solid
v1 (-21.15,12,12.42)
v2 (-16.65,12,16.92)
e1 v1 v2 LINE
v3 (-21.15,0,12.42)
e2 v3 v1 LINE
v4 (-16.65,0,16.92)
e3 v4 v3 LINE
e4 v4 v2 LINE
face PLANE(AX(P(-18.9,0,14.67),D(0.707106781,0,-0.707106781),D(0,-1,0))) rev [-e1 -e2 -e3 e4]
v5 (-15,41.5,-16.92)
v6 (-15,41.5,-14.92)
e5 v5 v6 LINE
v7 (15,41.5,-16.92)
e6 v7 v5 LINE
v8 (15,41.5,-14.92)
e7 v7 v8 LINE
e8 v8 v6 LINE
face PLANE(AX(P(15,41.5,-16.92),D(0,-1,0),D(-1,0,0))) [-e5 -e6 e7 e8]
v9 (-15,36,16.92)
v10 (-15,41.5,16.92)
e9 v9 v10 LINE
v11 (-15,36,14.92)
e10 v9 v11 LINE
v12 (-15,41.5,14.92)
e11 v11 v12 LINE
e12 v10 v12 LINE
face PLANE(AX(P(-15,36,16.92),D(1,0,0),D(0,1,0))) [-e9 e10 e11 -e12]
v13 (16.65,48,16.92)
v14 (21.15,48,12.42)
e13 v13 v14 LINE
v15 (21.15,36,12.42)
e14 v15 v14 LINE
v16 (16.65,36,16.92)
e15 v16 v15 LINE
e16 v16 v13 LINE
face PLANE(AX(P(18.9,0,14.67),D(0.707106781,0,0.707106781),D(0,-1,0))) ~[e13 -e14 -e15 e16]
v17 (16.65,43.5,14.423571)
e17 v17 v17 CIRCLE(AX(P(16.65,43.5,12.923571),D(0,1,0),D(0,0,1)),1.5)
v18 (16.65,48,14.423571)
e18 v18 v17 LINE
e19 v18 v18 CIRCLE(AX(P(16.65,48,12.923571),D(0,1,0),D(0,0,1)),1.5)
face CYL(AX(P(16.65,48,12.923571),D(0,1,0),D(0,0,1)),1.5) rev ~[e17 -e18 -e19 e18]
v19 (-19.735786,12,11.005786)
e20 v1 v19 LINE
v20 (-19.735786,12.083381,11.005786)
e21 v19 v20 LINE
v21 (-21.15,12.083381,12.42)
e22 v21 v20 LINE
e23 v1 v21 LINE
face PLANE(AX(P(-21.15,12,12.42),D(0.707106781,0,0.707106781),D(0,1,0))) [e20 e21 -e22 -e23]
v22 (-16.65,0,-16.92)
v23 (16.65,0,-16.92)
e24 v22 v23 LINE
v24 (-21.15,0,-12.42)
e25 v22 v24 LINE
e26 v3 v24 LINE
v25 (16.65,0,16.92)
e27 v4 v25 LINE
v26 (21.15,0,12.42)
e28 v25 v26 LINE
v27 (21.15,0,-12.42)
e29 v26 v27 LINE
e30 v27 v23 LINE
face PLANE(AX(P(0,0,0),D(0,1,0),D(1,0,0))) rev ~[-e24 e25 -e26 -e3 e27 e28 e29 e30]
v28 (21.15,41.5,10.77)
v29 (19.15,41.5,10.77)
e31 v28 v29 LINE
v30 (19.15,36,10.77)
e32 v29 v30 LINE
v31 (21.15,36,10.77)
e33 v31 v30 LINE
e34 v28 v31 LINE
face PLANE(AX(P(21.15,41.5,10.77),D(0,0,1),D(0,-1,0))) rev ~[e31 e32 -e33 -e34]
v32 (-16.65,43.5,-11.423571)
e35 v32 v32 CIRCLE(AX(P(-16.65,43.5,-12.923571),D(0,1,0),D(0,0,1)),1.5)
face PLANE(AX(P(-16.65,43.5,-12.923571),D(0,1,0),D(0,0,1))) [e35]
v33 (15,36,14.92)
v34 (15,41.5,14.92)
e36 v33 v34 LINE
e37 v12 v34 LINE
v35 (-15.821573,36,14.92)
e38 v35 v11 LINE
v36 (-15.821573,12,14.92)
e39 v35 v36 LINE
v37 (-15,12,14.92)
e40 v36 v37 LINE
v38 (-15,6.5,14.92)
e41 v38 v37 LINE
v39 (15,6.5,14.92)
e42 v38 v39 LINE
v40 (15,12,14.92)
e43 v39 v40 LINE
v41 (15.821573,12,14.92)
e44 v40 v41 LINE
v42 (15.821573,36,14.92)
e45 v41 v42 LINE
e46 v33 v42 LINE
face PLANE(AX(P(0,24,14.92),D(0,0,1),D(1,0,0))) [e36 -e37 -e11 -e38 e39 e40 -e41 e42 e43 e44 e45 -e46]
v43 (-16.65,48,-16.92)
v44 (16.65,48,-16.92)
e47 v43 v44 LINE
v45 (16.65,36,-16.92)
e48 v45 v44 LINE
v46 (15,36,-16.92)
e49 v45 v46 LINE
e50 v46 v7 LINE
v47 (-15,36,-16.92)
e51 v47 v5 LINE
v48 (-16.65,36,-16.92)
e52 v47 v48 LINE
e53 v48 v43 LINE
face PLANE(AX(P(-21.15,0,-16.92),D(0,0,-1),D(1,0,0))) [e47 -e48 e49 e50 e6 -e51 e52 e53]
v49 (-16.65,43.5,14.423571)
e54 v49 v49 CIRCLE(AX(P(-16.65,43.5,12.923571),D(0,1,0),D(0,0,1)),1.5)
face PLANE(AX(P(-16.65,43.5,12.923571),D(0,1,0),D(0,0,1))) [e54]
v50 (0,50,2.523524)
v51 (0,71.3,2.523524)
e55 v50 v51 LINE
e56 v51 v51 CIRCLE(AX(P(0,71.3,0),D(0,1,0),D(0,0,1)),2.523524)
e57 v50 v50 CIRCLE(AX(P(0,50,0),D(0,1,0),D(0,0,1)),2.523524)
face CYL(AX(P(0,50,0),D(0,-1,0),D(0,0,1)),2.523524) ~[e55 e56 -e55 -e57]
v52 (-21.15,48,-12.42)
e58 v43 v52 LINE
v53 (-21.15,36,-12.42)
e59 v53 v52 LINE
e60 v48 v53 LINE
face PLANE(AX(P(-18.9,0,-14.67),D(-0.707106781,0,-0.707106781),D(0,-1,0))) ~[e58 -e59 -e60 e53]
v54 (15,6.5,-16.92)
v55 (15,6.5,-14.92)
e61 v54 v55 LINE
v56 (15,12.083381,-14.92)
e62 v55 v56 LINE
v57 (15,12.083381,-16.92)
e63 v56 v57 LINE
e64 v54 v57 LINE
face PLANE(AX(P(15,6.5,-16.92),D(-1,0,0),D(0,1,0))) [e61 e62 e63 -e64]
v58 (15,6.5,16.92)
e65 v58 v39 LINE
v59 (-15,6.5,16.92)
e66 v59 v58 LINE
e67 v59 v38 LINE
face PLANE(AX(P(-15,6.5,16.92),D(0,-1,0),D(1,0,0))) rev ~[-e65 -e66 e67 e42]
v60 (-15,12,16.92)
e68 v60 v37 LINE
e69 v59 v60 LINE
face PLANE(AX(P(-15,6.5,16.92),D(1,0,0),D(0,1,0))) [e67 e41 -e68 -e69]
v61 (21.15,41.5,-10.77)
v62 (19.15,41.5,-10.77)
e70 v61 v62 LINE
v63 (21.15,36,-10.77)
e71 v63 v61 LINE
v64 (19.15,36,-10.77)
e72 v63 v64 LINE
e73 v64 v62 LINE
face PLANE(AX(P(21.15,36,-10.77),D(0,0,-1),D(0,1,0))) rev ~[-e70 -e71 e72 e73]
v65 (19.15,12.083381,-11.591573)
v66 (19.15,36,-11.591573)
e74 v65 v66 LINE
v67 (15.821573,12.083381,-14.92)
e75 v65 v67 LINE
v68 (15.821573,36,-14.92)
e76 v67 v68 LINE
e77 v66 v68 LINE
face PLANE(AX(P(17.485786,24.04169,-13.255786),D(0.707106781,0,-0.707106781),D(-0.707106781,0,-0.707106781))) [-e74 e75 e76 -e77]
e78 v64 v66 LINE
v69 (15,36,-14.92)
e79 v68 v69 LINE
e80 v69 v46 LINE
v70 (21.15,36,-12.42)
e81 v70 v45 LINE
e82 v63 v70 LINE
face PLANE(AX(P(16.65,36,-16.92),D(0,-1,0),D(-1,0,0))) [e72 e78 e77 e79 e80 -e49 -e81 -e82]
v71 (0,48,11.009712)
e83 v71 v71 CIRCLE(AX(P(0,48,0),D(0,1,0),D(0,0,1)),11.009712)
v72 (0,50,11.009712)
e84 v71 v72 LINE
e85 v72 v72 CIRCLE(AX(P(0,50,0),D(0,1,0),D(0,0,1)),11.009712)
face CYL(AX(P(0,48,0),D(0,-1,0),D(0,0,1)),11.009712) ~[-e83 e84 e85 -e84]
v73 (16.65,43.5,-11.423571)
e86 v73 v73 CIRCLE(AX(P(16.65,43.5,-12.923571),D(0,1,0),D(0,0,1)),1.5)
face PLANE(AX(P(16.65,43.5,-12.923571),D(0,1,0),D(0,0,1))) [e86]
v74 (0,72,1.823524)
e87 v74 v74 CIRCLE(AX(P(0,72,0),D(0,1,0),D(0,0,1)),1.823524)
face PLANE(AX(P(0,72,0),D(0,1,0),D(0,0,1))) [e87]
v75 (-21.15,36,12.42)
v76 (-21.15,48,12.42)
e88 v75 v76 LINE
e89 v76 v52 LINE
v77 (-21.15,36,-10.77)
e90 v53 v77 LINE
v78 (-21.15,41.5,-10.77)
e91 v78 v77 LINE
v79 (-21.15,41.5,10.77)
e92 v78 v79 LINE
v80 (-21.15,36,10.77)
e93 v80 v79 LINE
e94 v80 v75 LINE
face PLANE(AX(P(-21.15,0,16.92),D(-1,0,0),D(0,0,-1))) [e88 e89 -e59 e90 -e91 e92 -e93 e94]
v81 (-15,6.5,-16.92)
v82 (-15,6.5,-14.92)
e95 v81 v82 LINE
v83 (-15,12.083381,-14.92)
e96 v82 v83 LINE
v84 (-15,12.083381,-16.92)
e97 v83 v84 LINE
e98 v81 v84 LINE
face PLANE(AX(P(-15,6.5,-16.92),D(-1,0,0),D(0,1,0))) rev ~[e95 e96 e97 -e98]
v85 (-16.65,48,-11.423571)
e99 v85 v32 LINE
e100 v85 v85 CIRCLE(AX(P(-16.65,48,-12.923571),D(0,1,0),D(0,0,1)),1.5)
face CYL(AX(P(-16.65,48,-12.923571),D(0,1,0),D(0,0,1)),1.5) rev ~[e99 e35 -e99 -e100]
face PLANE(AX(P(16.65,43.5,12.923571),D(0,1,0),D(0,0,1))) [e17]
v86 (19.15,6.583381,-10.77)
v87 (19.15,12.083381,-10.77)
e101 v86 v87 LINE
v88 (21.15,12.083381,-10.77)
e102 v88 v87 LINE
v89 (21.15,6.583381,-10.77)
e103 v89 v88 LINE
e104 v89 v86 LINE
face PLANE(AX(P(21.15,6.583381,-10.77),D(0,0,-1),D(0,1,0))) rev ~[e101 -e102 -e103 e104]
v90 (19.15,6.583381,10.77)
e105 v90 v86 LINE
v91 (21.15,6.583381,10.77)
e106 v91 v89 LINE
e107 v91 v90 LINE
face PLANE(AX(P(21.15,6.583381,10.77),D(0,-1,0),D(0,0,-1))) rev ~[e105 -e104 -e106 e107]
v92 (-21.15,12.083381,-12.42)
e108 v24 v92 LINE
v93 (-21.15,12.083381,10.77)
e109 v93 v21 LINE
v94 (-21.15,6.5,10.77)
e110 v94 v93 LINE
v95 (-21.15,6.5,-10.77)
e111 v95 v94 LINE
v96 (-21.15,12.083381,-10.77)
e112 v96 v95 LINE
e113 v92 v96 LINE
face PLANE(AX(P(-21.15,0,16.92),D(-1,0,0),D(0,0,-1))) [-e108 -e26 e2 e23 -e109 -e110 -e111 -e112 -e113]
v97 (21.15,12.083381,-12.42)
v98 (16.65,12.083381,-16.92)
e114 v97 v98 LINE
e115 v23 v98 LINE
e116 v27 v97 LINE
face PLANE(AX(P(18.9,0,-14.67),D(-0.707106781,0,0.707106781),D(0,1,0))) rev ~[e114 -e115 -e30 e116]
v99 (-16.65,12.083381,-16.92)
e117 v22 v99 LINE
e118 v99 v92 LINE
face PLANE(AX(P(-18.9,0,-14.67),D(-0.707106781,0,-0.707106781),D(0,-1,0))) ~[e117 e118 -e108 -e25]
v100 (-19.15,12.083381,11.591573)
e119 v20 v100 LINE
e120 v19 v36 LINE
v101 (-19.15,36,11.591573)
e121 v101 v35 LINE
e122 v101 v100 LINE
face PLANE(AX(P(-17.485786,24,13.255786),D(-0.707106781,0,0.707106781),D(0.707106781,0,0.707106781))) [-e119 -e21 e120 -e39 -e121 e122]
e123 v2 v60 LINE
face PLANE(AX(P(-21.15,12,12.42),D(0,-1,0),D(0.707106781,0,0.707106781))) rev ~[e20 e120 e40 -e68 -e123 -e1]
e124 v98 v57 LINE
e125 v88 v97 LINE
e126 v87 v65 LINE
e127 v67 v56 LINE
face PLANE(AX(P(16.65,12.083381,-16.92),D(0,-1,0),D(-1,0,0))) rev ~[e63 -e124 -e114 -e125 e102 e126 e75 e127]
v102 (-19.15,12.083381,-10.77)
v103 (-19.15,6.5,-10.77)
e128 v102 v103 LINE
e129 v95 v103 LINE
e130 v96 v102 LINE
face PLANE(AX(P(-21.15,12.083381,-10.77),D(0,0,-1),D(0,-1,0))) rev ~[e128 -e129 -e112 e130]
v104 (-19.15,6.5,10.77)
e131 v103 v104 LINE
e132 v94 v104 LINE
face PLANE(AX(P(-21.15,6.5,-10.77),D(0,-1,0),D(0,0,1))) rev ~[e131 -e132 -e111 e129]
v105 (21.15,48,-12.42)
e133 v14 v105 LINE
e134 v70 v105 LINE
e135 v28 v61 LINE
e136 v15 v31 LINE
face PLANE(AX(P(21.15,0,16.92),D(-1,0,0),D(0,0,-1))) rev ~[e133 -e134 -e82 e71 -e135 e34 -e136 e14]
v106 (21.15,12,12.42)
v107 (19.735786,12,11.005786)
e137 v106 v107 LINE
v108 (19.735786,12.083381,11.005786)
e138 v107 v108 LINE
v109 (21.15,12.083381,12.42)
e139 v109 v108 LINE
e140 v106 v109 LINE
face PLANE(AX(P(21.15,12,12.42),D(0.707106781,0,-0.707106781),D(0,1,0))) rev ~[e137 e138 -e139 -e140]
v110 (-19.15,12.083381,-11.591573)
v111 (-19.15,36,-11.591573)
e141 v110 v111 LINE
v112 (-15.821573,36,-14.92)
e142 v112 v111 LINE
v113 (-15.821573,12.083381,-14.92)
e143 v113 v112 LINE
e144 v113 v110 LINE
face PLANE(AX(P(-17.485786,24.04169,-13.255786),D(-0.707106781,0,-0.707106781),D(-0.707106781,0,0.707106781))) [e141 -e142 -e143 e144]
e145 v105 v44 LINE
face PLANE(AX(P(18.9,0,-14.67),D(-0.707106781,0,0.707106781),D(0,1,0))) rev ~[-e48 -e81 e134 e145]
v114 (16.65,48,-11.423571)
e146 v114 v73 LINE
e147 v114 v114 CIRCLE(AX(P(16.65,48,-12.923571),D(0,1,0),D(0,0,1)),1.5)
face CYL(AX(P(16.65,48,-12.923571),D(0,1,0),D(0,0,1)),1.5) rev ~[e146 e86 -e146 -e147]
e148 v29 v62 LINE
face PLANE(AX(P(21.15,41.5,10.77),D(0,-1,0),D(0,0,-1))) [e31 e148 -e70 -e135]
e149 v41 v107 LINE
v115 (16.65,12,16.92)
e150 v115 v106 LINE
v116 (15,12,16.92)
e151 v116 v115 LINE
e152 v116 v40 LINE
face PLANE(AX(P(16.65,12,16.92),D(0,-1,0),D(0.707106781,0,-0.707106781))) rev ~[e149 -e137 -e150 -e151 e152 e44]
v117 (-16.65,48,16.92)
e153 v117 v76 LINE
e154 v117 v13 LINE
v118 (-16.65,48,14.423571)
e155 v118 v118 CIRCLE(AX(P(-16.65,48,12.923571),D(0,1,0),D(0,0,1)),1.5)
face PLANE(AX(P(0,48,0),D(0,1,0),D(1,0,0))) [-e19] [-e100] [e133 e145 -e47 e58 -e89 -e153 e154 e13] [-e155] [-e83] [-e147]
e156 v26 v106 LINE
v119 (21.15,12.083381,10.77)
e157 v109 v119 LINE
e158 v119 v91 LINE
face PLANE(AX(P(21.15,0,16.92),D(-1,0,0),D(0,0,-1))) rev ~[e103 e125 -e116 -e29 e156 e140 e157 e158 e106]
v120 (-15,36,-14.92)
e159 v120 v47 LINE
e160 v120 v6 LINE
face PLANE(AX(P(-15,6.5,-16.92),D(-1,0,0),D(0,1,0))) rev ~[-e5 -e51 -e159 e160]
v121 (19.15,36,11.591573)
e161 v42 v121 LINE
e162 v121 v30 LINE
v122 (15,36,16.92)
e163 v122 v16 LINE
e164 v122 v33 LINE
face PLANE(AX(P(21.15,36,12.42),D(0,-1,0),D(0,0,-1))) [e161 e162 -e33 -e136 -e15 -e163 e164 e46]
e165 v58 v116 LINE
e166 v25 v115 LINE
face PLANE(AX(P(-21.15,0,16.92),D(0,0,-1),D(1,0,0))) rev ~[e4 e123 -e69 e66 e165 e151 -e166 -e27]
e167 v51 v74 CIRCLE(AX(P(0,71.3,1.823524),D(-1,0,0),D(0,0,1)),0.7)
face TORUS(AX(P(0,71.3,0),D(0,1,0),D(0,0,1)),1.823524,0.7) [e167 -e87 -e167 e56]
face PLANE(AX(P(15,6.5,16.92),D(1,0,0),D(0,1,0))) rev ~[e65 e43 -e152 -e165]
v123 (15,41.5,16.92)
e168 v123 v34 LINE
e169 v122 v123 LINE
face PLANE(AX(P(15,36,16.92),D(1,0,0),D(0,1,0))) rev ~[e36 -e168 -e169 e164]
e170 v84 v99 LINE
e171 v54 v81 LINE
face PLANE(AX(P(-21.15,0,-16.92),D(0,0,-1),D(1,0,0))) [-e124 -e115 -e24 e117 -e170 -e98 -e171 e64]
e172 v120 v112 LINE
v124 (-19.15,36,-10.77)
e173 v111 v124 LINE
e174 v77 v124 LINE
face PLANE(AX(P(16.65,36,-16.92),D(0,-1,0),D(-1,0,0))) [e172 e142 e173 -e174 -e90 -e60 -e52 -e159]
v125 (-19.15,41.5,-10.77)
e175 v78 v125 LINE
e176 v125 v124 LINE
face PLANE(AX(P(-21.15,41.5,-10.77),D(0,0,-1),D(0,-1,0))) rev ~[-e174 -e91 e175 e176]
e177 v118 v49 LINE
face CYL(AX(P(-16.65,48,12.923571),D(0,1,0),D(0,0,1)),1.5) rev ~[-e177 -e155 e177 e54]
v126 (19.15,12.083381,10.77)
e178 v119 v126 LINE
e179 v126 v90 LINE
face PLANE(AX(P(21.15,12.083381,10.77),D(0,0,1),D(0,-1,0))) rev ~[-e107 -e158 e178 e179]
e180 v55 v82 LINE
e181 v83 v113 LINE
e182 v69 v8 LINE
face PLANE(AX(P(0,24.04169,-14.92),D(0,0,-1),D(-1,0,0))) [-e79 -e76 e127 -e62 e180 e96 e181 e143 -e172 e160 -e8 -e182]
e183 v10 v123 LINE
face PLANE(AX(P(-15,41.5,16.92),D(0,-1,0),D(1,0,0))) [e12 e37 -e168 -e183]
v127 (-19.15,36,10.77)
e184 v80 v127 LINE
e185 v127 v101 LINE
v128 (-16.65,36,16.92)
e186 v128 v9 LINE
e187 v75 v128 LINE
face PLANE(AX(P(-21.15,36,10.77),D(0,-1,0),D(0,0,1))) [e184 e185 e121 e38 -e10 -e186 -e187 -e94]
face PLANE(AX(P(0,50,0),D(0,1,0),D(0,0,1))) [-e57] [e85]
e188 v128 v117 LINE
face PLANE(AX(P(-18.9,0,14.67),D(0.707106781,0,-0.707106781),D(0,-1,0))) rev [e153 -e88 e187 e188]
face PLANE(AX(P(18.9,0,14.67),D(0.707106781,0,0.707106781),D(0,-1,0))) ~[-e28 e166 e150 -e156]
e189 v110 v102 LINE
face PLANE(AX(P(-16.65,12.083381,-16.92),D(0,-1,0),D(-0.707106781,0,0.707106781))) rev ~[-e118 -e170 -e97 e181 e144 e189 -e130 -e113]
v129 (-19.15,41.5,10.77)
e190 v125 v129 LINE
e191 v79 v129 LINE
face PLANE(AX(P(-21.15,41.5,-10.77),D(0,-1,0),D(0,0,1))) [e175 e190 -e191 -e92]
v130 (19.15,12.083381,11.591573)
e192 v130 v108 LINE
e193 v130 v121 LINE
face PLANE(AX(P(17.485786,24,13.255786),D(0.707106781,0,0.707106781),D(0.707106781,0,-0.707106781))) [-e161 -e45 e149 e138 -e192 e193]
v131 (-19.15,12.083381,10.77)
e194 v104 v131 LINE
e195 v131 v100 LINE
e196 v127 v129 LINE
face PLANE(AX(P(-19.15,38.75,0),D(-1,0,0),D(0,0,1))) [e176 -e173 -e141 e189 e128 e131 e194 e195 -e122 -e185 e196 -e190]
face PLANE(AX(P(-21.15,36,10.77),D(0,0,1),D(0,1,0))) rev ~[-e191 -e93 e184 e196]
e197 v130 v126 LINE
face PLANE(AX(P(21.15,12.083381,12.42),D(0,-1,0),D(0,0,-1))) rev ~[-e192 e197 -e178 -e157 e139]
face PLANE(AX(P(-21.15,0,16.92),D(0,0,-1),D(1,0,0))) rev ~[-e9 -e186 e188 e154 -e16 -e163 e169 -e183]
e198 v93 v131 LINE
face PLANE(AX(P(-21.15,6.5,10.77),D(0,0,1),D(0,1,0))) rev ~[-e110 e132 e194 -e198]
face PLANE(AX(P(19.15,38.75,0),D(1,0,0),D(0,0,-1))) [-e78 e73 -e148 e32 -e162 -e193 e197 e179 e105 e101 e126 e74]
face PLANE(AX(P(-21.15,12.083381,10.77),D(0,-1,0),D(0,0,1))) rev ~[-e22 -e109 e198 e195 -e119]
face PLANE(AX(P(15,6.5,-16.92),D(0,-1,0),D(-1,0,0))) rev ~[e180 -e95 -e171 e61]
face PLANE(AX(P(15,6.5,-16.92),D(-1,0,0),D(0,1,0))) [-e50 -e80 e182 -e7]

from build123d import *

# Parameters (mm, degrees)
SKETCH1_W           = 42.3
SKETCH1_H           = 33.84
BOSS_EXTRUDE1_DEPTH = 48
SKETCH2_R           = 11.009712126
BOSS_EXTRUDE2_DEPTH = 2
CHAMFER1_SIZE       = 4.5
CHAMFER2_SIZE       = 4.5
CHAMFER3_SIZE       = 4.5
CHAMFER4_SIZE       = 4.5
SKETCH3_R           = 2.52352428
BOSS_EXTRUDE3_DEPTH = 22
SKETCH4_R           = 1.5
CUT_EXTRUDE1_DEPTH  = 4.5
FILLET4_R           = 0.7
SKETCH5_W           = 30
SKETCH5_H           = 35
SKETCH5_W_2         = 1.65
SKETCH5_H_2         = 24
CUT_EXTRUDE2_DEPTH  = 2
SKETCH6_W           = 6.363961031
SKETCH6_H           = 24
CUT_EXTRUDE4_DEPTH  = 2
SKETCH8_W           = 21.54
SKETCH8_H           = 5.5
SKETCH8_H_2         = 23.916619391
SKETCH8_W_2         = 1.65
CUT_EXTRUDE5_DEPTH  = 2
SKETCH9_W           = 6.363961031
SKETCH9_H           = 23.916619391
CUT_EXTRUDE7_DEPTH  = 2
SKETCH10_W          = 33.3
SKETCH10_H          = 23.916619391
CUT_EXTRUDE8_DEPTH  = 2
SKETCH11_W          = 30
SKETCH11_H          = 35
CUT_EXTRUDE10_DEPTH = 2
SKETCH12_W          = 6.363961031
SKETCH12_H          = 23.916619391
CUT_EXTRUDE11_DEPTH = 2
SKETCH13_W          = 6.363961031
SKETCH13_H          = 24
CUT_EXTRUDE12_DEPTH = 2
SKETCH14_W          = 21.54
SKETCH14_H          = 5.5
SKETCH14_H_2        = 23.916619391
SKETCH14_H_3        = 5.583380609
SKETCH14_W_2        = 1.65
CUT_EXTRUDE13_DEPTH = 2


with BuildPart() as part:
    # Sketch1 → Boss-Extrude1 (new body)
    with BuildSketch(Plane(origin=(0, 0, 0), x_dir=(1, 0, 0), z_dir=(0, 1, 0))):
        Rectangle(SKETCH1_W, SKETCH1_H)
    extrude(amount=BOSS_EXTRUDE1_DEPTH)

    # Sketch2 → Boss-Extrude2 (add)
    with BuildSketch(Plane(origin=(0, 48, 0), x_dir=(1, 0, 0), z_dir=(0, 1, 0))):
        with Locations(Location((0, 0, 0), (0, 0, 270))):
            Circle(SKETCH2_R)
    extrude(amount=BOSS_EXTRUDE2_DEPTH)

    # Chamfer1
    chamfer1_edges = [part.edges().sort_by_distance(p)[0] for p in [
        (21.15, 24, 16.92),
    ]]
    chamfer(chamfer1_edges, length=CHAMFER1_SIZE)

    # Chamfer2
    chamfer2_edges = [part.edges().sort_by_distance(p)[0] for p in [
        (-21.15, 24, 16.92),
    ]]
    chamfer(chamfer2_edges, length=CHAMFER2_SIZE)

    # Chamfer3
    chamfer3_edges = [part.edges().sort_by_distance(p)[0] for p in [
        (21.15, 24, -16.92),
    ]]
    chamfer(chamfer3_edges, length=CHAMFER3_SIZE)

    # Chamfer4
    chamfer4_edges = [part.edges().sort_by_distance(p)[0] for p in [
        (-21.15, 24, -16.92),
    ]]
    chamfer(chamfer4_edges, length=CHAMFER4_SIZE)

    # Sketch3 → Boss-Extrude3 (add)
    with BuildSketch(Plane(origin=(0, 50, 0), x_dir=(1, 0, 0), z_dir=(0, 1, 0))):
        with Locations(Location((0, 0, 0), (0, 0, 270))):
            Circle(SKETCH3_R)
    extrude(amount=BOSS_EXTRUDE3_DEPTH)

    # Sketch4 → Cut-Extrude1 (cut)
    with BuildSketch(Plane(origin=(0, 48, 0), x_dir=(1, 0, 0), z_dir=(0, 1, 0))):
        with Locations(Location((-16.65, -12.923571429, 0), (0, 0, 270))):
            Circle(SKETCH4_R)
        with Locations(Location((-16.65, 12.923571429, 0), (0, 0, 270))):
            Circle(SKETCH4_R)
        with Locations(Location((16.65, 12.923571429, 0), (0, 0, 270))):
            Circle(SKETCH4_R)
        with Locations(Location((16.65, -12.923571429, 0), (0, 0, 270))):
            Circle(SKETCH4_R)
    extrude(amount=-CUT_EXTRUDE1_DEPTH, mode=Mode.SUBTRACT)

    # Fillet4
    fillet4_edges = [part.edges().sort_by_distance(p)[0] for p in [
        (0, 72, -2.52352428),
    ]]
    fillet(fillet4_edges, radius=FILLET4_R)

    # Sketch5 → Cut-Extrude2 (cut)
    with BuildSketch(Plane.XY.offset(16.92)):
        with Locations((0, 24)):
            Rectangle(SKETCH5_W, SKETCH5_H)
        with Locations((15.825, 24)):
            Rectangle(SKETCH5_W_2, SKETCH5_H_2)
        with Locations((-15.825, 24)):
            Rectangle(SKETCH5_W_2, SKETCH5_H_2)
    extrude(amount=-CUT_EXTRUDE2_DEPTH, mode=Mode.SUBTRACT)

    # Sketch6 → Cut-Extrude4 (cut)
    with BuildSketch(Plane(origin=(16.785, 0, 16.785), x_dir=(0.707106781186549, 0, -0.707106781186546), z_dir=(0.707106781186546, 0, 0.707106781186549))):
        with Locations((2.991061684, 24)):
            Rectangle(SKETCH6_W, SKETCH6_H)
    extrude(amount=-CUT_EXTRUDE4_DEPTH, mode=Mode.SUBTRACT)

    # Sketch8 → Cut-Extrude5 (cut)
    with BuildSketch(Plane(origin=(21.15, 0, 0), x_dir=(0, 0, -1), z_dir=(1, 0, 0))):
        with Locations((0, 38.75)):
            Rectangle(SKETCH8_W, SKETCH8_H)
        with Locations((0, 24.041690305)):
            Rectangle(SKETCH8_W, SKETCH8_H_2)
        with Locations((0, 9.333380609)):
            Rectangle(SKETCH8_W, SKETCH8_H)
        with Locations((11.595, 24.041690305)):
            Rectangle(SKETCH8_W_2, SKETCH8_H_2)
        with Locations((-11.595, 24.041690305)):
            Rectangle(SKETCH8_W_2, SKETCH8_H_2)
    extrude(amount=-CUT_EXTRUDE5_DEPTH, mode=Mode.SUBTRACT)

    # Sketch9 → Cut-Extrude7 (cut)
    with BuildSketch(Plane(origin=(16.785, 0, -16.785), x_dir=(-0.707106781186546, 0, -0.7071067811865491), z_dir=(0.7071067811865491, 0, -0.707106781186546))):
        with Locations((-2.991061684, 24.041690305)):
            Rectangle(SKETCH9_W, SKETCH9_H)
    extrude(amount=-CUT_EXTRUDE7_DEPTH, mode=Mode.SUBTRACT)

    # Sketch10 → Cut-Extrude8 (cut)
    with BuildSketch(Plane(origin=(0, 0, -16.92), x_dir=(-1, 0, 0), z_dir=(0, 0, -1))):
        with Locations((0, 24.041690305)):
            Rectangle(SKETCH10_W, SKETCH10_H)
    extrude(amount=-CUT_EXTRUDE8_DEPTH, mode=Mode.SUBTRACT)

    # Sketch11 → Cut-Extrude10 (cut)
    with BuildSketch(Plane(origin=(0, 0, -16.92), x_dir=(-1, 0, 0), z_dir=(0, 0, -1))):
        with Locations((0, 24)):
            Rectangle(SKETCH11_W, SKETCH11_H)
    extrude(amount=-CUT_EXTRUDE10_DEPTH, mode=Mode.SUBTRACT)

    # Sketch12 → Cut-Extrude11 (cut)
    with BuildSketch(Plane(origin=(-16.785, 0, -16.785), x_dir=(-0.7071067811865491, 0, 0.707106781186546), z_dir=(-0.707106781186546, 0, -0.7071067811865491))):
        with Locations((2.991061684, 24.041690305)):
            Rectangle(SKETCH12_W, SKETCH12_H)
    extrude(amount=-CUT_EXTRUDE11_DEPTH, mode=Mode.SUBTRACT)

    # Sketch13 → Cut-Extrude12 (cut)
    with BuildSketch(Plane(origin=(-16.785, 0, 16.785), x_dir=(0.7071067811865465, 0, 0.7071067811865486), z_dir=(-0.7071067811865486, 0, 0.7071067811865465))):
        with Locations((-2.991061684, 24)):
            Rectangle(SKETCH13_W, SKETCH13_H)
    extrude(amount=-CUT_EXTRUDE12_DEPTH, mode=Mode.SUBTRACT)

    # Sketch14 → Cut-Extrude13 (cut)
    with BuildSketch(Plane.ZY.offset(21.15)):
        with Locations((0, 38.75)):
            Rectangle(SKETCH14_W, SKETCH14_H)
        with Locations((0, 24.041690305)):
            Rectangle(SKETCH14_W, SKETCH14_H_2)
        with Locations((0, 9.291690305)):
            Rectangle(SKETCH14_W, SKETCH14_H_3)
        with Locations((11.595, 24.041690305)):
            Rectangle(SKETCH14_W_2, SKETCH14_H_2)
        with Locations((-11.595, 24.041690305)):
            Rectangle(SKETCH14_W_2, SKETCH14_H_2)
    extrude(amount=-CUT_EXTRUDE13_DEPTH, mode=Mode.SUBTRACT)


solid = part.part
